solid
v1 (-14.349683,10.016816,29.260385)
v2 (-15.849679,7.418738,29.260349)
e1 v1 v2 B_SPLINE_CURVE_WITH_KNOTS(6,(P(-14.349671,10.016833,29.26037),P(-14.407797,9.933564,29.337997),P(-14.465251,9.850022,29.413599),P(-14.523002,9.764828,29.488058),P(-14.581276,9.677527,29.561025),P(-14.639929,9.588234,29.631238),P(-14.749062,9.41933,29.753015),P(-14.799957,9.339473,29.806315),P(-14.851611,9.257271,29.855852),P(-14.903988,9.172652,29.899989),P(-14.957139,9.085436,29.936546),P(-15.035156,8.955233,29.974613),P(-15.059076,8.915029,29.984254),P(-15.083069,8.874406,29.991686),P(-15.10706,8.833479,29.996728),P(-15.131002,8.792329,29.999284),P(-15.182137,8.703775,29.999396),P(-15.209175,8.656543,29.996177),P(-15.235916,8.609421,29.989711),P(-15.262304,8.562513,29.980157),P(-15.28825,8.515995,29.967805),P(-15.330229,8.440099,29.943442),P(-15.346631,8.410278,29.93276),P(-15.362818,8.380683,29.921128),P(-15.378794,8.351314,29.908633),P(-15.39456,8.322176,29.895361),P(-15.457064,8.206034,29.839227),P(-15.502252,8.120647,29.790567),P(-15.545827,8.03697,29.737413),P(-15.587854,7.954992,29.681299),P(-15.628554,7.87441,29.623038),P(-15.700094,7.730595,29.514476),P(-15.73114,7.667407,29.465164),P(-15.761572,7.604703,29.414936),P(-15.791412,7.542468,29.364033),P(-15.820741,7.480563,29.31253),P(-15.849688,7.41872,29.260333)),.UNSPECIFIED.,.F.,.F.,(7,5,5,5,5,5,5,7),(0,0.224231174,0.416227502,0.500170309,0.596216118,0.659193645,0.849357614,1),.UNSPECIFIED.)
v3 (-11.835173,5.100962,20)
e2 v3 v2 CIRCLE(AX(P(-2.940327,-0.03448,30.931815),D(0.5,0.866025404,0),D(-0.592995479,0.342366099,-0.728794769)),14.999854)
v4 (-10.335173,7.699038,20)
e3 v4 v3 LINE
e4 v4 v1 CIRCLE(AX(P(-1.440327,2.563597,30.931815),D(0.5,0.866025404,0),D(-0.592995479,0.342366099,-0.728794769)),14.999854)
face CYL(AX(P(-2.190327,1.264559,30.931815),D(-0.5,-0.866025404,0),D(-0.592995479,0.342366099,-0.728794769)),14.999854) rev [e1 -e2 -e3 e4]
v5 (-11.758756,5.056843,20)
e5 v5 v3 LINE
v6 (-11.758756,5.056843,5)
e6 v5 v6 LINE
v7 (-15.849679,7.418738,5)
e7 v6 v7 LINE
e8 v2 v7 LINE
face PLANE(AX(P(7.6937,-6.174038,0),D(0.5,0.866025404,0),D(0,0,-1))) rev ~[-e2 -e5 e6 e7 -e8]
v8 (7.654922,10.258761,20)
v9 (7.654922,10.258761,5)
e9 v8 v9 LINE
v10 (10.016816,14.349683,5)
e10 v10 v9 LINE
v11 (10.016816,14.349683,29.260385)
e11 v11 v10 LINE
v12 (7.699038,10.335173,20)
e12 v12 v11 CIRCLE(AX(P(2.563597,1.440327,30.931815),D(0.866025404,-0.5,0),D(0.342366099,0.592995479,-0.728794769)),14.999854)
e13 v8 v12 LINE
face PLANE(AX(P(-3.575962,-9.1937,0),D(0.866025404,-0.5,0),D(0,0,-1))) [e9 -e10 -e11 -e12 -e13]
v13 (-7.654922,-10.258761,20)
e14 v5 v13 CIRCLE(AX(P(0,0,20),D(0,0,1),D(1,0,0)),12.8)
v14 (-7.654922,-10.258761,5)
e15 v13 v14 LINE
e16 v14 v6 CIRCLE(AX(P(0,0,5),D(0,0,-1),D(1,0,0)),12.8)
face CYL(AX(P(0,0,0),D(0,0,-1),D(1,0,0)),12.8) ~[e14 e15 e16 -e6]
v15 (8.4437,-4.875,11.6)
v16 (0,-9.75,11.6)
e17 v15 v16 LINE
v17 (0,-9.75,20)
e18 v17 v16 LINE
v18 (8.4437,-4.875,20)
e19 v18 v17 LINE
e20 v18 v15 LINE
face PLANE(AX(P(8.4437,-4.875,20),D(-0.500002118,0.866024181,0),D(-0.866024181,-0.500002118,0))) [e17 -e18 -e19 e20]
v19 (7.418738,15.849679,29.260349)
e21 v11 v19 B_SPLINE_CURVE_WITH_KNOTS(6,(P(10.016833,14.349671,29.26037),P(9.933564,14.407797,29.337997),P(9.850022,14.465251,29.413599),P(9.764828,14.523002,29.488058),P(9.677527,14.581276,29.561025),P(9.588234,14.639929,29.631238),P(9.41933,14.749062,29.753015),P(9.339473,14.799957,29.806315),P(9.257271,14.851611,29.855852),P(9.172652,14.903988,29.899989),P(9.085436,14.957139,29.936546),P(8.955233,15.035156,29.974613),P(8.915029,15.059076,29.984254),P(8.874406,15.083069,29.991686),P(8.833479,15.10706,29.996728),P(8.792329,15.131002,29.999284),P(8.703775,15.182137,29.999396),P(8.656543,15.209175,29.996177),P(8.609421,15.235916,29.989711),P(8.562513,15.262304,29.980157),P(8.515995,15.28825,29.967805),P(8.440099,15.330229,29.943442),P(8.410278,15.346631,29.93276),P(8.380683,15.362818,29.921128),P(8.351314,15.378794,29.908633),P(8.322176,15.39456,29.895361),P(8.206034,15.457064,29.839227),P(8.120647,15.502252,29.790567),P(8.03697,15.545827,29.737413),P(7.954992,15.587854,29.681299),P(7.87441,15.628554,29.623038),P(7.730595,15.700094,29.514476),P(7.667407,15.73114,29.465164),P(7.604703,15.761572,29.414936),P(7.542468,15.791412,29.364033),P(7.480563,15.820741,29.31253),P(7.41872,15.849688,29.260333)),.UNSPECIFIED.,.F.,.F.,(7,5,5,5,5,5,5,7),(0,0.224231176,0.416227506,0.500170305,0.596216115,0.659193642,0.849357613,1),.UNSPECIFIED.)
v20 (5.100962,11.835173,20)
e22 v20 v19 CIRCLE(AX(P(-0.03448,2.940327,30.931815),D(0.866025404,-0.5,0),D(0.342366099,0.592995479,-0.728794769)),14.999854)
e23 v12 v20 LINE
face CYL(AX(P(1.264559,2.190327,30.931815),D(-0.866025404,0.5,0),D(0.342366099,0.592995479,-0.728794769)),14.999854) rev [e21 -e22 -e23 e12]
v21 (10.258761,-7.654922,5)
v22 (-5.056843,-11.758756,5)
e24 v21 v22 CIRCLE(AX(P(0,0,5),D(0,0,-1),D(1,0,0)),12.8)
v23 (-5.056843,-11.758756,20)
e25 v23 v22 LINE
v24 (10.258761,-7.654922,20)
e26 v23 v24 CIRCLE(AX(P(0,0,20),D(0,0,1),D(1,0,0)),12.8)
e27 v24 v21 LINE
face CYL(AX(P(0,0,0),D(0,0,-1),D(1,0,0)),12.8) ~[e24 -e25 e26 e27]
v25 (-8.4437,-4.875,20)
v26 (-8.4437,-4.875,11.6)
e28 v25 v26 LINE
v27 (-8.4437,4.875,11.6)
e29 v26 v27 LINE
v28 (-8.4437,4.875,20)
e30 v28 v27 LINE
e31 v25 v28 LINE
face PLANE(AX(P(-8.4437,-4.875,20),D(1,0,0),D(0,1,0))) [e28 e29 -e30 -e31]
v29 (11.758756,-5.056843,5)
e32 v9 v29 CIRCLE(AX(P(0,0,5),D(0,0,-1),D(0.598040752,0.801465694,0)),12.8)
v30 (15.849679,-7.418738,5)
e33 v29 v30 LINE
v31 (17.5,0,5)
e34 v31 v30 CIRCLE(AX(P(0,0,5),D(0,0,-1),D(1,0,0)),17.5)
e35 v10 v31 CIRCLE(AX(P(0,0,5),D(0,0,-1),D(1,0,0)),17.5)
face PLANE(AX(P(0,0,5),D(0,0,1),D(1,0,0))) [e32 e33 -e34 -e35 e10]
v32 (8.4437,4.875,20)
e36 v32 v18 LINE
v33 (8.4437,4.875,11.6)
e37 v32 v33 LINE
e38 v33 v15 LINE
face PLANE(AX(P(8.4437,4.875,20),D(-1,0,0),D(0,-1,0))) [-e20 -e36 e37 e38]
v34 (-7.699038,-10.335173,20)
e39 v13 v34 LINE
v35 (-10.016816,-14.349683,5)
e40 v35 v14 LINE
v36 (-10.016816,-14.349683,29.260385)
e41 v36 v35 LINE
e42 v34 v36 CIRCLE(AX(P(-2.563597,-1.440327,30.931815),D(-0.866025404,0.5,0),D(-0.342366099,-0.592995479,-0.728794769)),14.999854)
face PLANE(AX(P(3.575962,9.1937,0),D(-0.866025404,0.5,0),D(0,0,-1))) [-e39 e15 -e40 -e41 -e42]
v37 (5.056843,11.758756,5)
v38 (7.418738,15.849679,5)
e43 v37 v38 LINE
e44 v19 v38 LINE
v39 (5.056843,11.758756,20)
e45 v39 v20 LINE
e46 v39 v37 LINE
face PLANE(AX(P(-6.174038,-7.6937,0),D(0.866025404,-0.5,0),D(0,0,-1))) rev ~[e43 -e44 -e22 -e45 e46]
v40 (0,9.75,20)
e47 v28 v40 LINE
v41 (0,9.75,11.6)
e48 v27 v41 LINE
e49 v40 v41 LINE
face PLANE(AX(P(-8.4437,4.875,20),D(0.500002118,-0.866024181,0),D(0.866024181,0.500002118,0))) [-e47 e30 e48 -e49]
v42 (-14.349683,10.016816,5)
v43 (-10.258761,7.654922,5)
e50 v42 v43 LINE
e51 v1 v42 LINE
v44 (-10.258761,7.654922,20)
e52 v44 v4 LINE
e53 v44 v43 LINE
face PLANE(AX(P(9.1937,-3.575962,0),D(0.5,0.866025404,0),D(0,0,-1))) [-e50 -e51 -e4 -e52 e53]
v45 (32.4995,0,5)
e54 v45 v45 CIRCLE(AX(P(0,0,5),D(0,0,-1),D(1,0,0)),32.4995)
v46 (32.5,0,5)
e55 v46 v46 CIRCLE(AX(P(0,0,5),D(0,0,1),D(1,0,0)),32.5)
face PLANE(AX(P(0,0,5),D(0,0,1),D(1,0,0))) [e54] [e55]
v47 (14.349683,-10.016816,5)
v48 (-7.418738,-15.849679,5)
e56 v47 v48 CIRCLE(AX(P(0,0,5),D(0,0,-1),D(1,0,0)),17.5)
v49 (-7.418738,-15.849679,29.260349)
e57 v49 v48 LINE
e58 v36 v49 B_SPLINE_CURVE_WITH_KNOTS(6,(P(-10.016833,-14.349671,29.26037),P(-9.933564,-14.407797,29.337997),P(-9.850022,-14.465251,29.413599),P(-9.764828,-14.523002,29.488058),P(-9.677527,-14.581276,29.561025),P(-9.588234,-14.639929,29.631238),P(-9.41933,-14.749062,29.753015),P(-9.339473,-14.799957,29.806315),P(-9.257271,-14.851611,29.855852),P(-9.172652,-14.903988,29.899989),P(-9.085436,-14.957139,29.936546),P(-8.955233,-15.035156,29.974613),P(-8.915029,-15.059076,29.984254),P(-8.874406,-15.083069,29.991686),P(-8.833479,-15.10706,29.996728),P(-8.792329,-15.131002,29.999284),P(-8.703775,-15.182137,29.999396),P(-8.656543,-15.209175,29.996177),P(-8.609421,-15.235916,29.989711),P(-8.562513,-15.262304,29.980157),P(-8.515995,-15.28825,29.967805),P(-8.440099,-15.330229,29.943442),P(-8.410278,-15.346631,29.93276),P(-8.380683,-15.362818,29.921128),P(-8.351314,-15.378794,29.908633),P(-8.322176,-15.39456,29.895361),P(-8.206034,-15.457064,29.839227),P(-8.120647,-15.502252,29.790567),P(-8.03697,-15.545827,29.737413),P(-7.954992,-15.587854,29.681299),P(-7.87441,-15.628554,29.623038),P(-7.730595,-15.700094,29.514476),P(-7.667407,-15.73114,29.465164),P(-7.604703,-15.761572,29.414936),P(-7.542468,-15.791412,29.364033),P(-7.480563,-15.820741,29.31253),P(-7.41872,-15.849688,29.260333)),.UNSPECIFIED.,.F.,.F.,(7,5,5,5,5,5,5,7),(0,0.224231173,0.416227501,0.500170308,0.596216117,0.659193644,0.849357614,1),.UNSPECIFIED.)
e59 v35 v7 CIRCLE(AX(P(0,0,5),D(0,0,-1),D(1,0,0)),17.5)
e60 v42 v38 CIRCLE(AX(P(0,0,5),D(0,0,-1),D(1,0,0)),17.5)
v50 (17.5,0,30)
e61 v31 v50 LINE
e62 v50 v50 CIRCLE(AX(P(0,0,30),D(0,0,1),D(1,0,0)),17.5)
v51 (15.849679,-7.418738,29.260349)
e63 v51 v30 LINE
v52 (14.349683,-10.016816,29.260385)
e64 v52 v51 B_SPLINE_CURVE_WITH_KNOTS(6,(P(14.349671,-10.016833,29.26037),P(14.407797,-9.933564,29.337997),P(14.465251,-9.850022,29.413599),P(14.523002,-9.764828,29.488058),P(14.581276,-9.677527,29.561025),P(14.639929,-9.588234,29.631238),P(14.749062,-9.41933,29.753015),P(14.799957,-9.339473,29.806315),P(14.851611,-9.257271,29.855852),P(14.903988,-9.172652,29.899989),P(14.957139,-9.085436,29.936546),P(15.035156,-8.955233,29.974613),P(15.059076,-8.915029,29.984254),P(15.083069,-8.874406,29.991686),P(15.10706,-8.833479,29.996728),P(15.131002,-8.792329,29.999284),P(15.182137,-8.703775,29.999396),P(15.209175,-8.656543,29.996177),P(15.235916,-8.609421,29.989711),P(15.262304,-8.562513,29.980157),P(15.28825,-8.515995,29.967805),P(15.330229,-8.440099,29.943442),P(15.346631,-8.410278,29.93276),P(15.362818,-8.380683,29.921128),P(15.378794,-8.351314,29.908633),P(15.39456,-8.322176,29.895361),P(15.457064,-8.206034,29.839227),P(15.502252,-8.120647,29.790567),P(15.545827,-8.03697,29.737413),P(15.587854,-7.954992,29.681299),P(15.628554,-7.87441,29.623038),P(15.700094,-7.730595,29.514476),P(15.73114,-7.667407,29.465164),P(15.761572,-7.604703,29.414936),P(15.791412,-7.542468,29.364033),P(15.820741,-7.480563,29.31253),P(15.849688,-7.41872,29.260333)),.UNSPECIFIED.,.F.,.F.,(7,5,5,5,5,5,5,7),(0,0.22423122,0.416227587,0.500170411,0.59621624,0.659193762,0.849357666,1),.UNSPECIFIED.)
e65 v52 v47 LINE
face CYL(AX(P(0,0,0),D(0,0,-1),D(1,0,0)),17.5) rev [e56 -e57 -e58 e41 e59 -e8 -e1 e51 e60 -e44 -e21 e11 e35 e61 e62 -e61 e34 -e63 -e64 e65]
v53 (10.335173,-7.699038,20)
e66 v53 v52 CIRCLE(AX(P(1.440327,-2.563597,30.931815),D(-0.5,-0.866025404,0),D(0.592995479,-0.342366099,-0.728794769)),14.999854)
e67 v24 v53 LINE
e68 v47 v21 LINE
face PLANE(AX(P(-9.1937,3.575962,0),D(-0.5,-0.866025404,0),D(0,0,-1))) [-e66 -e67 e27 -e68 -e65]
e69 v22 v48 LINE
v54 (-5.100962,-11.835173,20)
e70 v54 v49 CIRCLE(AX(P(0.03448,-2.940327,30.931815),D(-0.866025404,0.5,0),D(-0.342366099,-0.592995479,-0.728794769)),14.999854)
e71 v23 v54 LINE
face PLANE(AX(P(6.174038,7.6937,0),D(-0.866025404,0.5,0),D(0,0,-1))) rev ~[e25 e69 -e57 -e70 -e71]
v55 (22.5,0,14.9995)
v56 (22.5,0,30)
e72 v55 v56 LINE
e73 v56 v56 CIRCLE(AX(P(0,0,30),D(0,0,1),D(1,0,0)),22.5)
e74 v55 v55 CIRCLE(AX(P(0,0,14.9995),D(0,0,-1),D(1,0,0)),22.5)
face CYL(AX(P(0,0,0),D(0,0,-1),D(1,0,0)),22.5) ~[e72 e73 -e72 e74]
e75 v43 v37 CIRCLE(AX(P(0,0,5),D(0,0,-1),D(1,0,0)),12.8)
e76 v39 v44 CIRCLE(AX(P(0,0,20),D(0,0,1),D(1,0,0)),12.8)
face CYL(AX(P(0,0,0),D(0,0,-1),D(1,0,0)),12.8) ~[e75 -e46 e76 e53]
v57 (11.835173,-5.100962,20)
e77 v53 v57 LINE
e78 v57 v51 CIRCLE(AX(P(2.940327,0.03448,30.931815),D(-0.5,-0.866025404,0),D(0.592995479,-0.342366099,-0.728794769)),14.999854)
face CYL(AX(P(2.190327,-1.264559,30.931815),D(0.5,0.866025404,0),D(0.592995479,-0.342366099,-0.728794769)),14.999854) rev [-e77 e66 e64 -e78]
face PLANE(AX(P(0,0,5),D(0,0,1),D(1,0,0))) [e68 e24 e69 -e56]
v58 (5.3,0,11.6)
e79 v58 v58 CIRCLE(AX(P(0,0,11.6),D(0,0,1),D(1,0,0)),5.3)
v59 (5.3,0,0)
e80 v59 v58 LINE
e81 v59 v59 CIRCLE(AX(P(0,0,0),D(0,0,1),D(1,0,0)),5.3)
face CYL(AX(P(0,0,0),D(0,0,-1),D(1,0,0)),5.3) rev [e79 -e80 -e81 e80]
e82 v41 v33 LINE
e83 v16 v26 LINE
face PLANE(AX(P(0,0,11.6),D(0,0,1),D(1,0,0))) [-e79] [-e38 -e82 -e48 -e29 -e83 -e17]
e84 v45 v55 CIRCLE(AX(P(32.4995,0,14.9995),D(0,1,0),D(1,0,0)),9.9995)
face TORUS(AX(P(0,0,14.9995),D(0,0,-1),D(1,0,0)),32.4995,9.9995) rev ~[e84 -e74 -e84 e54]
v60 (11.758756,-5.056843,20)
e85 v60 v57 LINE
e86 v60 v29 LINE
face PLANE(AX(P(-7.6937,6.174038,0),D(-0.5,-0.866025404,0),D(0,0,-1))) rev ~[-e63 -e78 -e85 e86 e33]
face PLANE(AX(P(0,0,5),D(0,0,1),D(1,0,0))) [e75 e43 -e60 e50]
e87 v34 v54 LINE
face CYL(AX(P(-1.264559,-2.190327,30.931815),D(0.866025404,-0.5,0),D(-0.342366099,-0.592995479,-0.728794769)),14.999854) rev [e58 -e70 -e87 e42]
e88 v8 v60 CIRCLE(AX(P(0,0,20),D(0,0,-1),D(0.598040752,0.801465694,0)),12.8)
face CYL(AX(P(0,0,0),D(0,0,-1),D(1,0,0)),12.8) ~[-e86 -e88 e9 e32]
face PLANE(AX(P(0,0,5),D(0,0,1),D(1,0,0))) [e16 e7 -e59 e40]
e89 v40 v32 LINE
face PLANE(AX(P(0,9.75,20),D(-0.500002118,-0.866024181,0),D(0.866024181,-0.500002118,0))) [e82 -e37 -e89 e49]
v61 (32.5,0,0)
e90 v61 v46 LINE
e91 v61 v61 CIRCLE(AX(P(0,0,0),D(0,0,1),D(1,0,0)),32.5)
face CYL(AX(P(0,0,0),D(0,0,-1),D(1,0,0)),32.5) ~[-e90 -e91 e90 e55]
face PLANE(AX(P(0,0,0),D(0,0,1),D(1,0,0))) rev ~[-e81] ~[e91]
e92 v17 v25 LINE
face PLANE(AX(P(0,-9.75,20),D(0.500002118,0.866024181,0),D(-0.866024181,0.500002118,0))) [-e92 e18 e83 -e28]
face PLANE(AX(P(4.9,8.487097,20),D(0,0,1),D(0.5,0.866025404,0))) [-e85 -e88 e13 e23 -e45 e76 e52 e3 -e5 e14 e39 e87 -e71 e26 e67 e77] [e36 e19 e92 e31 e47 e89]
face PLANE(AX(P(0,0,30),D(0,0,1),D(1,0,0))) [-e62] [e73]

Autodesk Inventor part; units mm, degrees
ref_plane "YZ Plane" through (0, 0, 0) normal (1, 0, 0) x (0, 1, 0)
ref_plane "XZ Plane" through (0, 0, 0) normal (0, 1, 0) x (-1, 0, 0)
sketch "Sketch1" plane through (0, 0, 0) normal (0, 0, 1) x (1, 0, 0)
  circle A0 centre (0, 0) radius 22.5
  circle A1 centre (0, 0) radius 32.5
  circle A2 centre (0, 0) radius 17.5
  circle A3 centre (0, 0) radius 12.8
  circle A4 centre (0, 0) radius 5.3
  circle A5 centre (0, 0) radius 9.75 construction
  line L0 (0, 9.75) -> (8.4437, 4.875)
  line L1 (8.4437, 4.875) -> (8.4437, -4.875)
  line L2 (8.4437, -4.875) -> (0, -9.75)
  line L3 (0, -9.75) -> (-8.4437, -4.875)
  line L4 (-8.4437, -4.875) -> (-8.4437, 4.875)
  line L5 (-8.4437, 4.875) -> (0, 9.75)
  line L6 (0, 9.75) -> (0, -9.75) construction
  dimension "bolt_head_hub_WAC" = 19.5
  dimension "wheel_diam" = 45
  dimension "d1" = 65
  dimension "d4" = 35
  dimension "d5" = 25.6
  dimension "hub_id" = 10.6
extrude "Extrusion1" add sketch "Sketch1" along normal blind 5 contours A0 | A1 | A2 | A3 | A4 | L0 L1 L2 L3 L4 L5
extrude "Extrusion2" add sketch "Sketch1" along normal blind 30 contours A0
extrude "Extrusion3" add sketch "Sketch1" along normal blind 20 contours A3 | L0 L1 L2 L3 L4 L5
extrude "Extrusion4" cut sketch "Sketch1" against normal blind 8.4 from surface at 20 contours L0 L1 L2 L3 L4 L5
extrude "Extrusion5" cut sketch "Sketch1" along normal up to surface (5 mm away) contours A4
fillet "Fillet1" radius 10 1 edges at (-22.5, 0, 5)
ref_plane "Work Plane1" through (-8.4437, 4.875, 0) normal (-0.5, -0.866, 0) x (0, 0, -1)
sketch "Sketch3" plane through (-8.4437, 4.875, 0) normal (-0.5, -0.866, 0) x (0, 0, -1)
  line L0 (-5, 22.55) -> (-20, 22.55) projected
  line L1 (-5, 27.25) -> (-5, -7.75) projected
  line L2 (-5, -3.05) -> (-5, 22.55) projected
  line L3 (-30, 27.25) -> (-5, 27.25) projected
  line L4 (-20, 22.55) -> (-5, 22.55)
  line L5 (-5, 22.55) -> (-5, 19.55)
  line L6 (-5, 19.55) -> (-20, 19.55)
  line L7 (-20, 19.55) -> (-20, 22.55)
  arc A0 (-20, 22.55) -> (-30, 27.25) centre (-30.9319, 12.279) ccw
  point P0 (0, 9.75)
  dimension "d18" = 3
  dimension "d21" = 15
extrude "Extrusion6" add sketch "Sketch3" along normal mid plane 3
pattern_circular "Circular Pattern1" count 4 over 360 about axis through (0, 0, -10) along (0, 0, 1) of "Extrusion6"
equation "\"bolt_head_hub_WAC\" = bolt_WAC + 2 * printer_tolerance"
equation "\"d1\" = wheel_diam + 2 * flange_extra"
equation "\"d4\" = wheel_diam - 2 * wheel_thick"
equation "\"d5\" = bolt_head_hub_WAC + 2 * bolt_head_hub_clearance"
equation "\"hub_id\" = bolt_od + 2 * printer_tolerance"
equation "\"d8\" = track_w + flange_w"
equation "\"d10\" = flange_w + hub_height"
equation "\"track_w\" = 25"
equation "\"wheel_thick\" = 5"
equation "\"bolt_head_hub_clearance\" = 3.05"
equation "\"hub_height\" = 15"
equation "\"bolt_head_thick\" = 6.4"
equation "\"bolt_WAC\" = 18.9"
equation "\"printer_tolerance\" = 0.3"
equation "\"flange_extra\" = 10"
equation "\"bolt_od\" = 10"
equation "\"flange_w\" = 5"
properties part number "test_wheel_v3"
